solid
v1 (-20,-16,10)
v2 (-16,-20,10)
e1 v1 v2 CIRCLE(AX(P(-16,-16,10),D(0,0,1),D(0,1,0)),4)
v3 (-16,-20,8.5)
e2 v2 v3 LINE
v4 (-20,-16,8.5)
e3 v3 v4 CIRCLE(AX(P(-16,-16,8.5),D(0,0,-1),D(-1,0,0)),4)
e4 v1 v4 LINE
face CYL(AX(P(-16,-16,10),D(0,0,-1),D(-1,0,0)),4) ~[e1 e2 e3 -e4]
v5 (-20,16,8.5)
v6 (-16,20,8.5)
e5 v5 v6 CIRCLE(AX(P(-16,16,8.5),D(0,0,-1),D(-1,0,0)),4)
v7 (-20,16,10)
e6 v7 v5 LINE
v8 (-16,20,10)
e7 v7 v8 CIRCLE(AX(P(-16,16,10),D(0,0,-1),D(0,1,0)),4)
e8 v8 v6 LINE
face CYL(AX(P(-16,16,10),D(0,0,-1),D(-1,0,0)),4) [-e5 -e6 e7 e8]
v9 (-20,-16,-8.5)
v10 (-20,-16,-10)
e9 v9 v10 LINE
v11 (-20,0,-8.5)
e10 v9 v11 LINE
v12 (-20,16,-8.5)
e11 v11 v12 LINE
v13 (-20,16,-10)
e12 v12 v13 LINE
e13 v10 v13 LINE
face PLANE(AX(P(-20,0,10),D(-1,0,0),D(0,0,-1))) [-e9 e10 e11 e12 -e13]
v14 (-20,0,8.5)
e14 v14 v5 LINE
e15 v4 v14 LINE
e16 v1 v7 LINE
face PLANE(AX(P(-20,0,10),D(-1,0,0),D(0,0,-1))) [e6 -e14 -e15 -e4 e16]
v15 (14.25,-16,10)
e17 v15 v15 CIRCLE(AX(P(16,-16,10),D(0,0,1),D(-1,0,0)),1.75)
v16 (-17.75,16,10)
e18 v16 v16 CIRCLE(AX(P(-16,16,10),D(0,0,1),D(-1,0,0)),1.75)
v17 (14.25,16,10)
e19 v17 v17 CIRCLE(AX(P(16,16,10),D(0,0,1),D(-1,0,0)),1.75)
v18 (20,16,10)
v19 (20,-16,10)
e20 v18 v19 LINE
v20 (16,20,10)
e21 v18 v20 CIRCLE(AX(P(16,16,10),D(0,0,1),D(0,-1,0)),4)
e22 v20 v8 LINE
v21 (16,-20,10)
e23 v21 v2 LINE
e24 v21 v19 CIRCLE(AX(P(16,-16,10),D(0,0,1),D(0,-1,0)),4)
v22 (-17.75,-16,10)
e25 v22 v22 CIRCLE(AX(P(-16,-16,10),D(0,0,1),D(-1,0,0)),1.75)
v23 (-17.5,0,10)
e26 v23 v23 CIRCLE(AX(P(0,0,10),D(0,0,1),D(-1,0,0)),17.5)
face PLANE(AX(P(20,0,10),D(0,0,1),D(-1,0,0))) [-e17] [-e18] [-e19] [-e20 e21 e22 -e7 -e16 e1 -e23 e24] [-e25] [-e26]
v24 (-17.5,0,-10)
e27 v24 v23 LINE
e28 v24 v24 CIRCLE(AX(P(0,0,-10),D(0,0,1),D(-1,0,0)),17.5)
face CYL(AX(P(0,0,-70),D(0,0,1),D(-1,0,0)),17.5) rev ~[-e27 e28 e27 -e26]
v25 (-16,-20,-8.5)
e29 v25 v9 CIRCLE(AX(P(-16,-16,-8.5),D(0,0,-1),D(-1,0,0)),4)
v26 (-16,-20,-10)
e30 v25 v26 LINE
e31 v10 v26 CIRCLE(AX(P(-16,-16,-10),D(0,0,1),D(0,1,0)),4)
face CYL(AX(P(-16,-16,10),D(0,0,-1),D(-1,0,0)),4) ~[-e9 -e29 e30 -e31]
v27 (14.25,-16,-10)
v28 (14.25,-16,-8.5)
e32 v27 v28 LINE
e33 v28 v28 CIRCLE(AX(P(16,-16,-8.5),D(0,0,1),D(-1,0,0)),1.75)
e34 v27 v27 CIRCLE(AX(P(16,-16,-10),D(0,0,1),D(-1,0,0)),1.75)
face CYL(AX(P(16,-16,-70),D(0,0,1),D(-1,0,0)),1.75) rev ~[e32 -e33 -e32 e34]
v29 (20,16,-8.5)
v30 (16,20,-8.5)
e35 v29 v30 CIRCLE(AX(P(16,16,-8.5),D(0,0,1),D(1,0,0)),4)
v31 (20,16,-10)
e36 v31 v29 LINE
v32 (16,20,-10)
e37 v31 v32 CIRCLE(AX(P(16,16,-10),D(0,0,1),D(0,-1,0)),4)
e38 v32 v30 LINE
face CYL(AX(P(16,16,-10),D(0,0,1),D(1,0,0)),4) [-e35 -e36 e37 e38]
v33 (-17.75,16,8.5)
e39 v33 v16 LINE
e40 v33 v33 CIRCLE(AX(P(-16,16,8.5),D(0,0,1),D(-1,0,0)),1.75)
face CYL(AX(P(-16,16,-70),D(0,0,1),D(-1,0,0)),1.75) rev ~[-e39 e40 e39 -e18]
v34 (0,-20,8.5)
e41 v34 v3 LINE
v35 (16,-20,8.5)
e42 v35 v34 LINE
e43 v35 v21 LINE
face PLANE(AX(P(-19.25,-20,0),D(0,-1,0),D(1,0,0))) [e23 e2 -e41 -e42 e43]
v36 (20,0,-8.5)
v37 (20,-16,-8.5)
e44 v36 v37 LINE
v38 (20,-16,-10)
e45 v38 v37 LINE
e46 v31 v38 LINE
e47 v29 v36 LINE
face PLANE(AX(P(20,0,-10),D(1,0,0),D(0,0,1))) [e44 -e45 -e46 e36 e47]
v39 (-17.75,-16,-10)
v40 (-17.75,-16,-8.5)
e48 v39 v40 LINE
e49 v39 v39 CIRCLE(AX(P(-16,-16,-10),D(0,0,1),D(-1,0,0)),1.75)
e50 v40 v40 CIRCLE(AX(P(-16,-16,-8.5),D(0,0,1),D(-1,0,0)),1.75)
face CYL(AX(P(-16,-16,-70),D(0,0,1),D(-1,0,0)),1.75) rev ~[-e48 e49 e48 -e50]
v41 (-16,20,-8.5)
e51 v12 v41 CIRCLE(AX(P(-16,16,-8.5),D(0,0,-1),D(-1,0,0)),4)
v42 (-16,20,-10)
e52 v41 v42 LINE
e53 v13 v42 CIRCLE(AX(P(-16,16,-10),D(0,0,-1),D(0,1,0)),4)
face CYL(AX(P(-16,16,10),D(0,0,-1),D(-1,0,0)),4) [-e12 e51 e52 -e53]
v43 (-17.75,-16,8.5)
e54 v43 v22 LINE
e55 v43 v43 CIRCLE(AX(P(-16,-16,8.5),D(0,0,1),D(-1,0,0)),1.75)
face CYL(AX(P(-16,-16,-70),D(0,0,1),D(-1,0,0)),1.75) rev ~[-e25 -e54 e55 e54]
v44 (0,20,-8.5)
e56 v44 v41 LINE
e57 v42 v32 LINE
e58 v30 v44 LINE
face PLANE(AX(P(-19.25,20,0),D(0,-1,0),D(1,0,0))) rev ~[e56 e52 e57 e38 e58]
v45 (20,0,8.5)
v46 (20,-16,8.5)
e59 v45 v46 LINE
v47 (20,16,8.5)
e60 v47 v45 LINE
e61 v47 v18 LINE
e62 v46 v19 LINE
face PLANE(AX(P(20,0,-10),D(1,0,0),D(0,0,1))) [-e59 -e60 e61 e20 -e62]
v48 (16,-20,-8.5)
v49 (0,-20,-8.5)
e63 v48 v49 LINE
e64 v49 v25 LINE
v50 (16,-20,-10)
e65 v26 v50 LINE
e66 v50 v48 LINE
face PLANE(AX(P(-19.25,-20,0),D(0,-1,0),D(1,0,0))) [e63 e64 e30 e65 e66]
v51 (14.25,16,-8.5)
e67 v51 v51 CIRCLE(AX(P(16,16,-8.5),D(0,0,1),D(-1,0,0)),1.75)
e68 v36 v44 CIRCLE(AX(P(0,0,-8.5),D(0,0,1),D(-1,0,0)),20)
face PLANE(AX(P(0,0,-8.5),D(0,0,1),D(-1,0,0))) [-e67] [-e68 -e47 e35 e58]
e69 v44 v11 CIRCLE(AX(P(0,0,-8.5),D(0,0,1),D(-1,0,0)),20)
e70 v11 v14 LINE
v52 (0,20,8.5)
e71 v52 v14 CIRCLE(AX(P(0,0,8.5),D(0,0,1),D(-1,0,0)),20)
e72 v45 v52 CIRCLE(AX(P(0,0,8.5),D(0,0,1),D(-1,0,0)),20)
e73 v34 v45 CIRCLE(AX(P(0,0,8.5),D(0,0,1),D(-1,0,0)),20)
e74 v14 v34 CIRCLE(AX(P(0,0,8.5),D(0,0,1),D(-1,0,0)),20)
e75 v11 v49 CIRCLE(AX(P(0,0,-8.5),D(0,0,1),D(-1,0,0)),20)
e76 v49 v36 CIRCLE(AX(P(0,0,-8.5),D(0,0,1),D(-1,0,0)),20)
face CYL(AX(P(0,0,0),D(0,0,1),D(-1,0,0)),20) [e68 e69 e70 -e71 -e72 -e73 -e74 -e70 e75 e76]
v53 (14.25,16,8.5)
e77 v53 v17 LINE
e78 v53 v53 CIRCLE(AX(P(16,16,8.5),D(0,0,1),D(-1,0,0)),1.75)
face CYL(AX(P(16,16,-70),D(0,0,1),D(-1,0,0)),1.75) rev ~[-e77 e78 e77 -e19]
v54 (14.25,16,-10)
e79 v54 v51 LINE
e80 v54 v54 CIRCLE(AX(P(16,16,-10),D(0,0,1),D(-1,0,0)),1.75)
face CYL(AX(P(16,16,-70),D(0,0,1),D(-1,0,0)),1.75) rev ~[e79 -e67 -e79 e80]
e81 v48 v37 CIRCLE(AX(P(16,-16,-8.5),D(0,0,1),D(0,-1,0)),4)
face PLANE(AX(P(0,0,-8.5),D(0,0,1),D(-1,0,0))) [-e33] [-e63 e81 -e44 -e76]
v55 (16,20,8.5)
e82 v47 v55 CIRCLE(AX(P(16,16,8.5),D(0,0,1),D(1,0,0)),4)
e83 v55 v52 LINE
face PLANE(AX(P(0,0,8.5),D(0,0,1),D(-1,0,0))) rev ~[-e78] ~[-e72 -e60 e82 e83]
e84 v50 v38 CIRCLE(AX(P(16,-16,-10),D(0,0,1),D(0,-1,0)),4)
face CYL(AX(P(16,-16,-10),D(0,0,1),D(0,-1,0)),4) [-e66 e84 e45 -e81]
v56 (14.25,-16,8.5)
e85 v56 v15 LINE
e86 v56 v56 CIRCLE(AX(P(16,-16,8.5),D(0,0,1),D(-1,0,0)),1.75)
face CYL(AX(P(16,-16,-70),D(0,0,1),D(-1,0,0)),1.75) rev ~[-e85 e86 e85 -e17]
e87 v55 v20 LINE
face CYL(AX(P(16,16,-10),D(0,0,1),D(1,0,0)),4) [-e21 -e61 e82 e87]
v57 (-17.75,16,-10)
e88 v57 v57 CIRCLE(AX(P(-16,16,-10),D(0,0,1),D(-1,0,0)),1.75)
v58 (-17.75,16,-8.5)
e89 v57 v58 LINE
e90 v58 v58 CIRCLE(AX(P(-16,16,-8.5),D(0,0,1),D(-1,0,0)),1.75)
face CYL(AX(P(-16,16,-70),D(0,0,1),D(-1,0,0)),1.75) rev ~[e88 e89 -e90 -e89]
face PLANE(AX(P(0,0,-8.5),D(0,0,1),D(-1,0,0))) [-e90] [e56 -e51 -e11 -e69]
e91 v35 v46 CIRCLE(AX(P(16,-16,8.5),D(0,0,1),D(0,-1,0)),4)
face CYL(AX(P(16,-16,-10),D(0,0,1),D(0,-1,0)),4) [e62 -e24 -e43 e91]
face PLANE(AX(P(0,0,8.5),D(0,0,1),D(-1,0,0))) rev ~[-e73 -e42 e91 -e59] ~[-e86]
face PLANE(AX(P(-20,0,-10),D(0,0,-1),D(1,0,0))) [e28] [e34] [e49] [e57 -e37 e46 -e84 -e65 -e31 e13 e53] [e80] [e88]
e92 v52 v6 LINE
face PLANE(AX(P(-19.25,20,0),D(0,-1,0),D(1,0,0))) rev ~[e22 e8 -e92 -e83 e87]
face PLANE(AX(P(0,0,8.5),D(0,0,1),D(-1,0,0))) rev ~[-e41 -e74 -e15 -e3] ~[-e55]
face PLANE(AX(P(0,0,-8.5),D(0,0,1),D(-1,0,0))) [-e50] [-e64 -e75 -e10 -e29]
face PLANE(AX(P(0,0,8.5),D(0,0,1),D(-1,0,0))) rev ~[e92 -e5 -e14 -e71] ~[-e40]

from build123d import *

# Parameters (mm, degrees)
F0_W     = 1.5
F0_H     = 17
F1_DEPTH = 20
F2_R     = 4
F4_D     = 3.5
F0_W_2   = 22.978194
F6_D     = 35


with BuildPart() as f1:
    # F0 (on Front) → F1 (new body, symmetric)
    with BuildSketch(Plane.XZ):
        with Locations((-19.25, 0)):
            Rectangle(F0_W, F0_H)
        Polygon((0, 10), (-20, 10), (-20, 8.5), (-18.5, 8.5), (-18.5, -8.5), (-20, -8.5), (-20, -10), (20, -10), (20, 10), align=None)
    extrude(amount=F1_DEPTH, both=True)

    # F2
    f2_edges = [f1.edges().sort_by_distance(p)[0] for p in [
        (-20, -20, 0),
        (20, -20, 0),
        (20, 20, 0),
        (-20, 20, 0),
    ]]
    fillet(f2_edges, radius=F2_R)

    # F4 (through all)
    with Locations(Plane(origin=(0, 0, -10), x_dir=(1, 0, 0), z_dir=(0, 0, -1))):
        with Locations((-16, 16), (16, 16), (16, -16), (-16, -16)):
            Hole(F4_D / 2)

    # F0 (on Front) → F5 (revolve, cut)
    with BuildSketch(Plane.XZ):
        with Locations((-31.489097, 0)):
            Rectangle(F0_W_2, F0_H)
    revolve(axis=Axis((0, 0, 9.40158), (0, 0, 1)), mode=Mode.SUBTRACT)

    # F6 (through all)
    with Locations(Plane(origin=(0, 0, -10), x_dir=(1, 0, 0), z_dir=(0, 0, -1))):
        with Locations((0, 0)):
            Hole(F6_D / 2)


solid = f1.part
